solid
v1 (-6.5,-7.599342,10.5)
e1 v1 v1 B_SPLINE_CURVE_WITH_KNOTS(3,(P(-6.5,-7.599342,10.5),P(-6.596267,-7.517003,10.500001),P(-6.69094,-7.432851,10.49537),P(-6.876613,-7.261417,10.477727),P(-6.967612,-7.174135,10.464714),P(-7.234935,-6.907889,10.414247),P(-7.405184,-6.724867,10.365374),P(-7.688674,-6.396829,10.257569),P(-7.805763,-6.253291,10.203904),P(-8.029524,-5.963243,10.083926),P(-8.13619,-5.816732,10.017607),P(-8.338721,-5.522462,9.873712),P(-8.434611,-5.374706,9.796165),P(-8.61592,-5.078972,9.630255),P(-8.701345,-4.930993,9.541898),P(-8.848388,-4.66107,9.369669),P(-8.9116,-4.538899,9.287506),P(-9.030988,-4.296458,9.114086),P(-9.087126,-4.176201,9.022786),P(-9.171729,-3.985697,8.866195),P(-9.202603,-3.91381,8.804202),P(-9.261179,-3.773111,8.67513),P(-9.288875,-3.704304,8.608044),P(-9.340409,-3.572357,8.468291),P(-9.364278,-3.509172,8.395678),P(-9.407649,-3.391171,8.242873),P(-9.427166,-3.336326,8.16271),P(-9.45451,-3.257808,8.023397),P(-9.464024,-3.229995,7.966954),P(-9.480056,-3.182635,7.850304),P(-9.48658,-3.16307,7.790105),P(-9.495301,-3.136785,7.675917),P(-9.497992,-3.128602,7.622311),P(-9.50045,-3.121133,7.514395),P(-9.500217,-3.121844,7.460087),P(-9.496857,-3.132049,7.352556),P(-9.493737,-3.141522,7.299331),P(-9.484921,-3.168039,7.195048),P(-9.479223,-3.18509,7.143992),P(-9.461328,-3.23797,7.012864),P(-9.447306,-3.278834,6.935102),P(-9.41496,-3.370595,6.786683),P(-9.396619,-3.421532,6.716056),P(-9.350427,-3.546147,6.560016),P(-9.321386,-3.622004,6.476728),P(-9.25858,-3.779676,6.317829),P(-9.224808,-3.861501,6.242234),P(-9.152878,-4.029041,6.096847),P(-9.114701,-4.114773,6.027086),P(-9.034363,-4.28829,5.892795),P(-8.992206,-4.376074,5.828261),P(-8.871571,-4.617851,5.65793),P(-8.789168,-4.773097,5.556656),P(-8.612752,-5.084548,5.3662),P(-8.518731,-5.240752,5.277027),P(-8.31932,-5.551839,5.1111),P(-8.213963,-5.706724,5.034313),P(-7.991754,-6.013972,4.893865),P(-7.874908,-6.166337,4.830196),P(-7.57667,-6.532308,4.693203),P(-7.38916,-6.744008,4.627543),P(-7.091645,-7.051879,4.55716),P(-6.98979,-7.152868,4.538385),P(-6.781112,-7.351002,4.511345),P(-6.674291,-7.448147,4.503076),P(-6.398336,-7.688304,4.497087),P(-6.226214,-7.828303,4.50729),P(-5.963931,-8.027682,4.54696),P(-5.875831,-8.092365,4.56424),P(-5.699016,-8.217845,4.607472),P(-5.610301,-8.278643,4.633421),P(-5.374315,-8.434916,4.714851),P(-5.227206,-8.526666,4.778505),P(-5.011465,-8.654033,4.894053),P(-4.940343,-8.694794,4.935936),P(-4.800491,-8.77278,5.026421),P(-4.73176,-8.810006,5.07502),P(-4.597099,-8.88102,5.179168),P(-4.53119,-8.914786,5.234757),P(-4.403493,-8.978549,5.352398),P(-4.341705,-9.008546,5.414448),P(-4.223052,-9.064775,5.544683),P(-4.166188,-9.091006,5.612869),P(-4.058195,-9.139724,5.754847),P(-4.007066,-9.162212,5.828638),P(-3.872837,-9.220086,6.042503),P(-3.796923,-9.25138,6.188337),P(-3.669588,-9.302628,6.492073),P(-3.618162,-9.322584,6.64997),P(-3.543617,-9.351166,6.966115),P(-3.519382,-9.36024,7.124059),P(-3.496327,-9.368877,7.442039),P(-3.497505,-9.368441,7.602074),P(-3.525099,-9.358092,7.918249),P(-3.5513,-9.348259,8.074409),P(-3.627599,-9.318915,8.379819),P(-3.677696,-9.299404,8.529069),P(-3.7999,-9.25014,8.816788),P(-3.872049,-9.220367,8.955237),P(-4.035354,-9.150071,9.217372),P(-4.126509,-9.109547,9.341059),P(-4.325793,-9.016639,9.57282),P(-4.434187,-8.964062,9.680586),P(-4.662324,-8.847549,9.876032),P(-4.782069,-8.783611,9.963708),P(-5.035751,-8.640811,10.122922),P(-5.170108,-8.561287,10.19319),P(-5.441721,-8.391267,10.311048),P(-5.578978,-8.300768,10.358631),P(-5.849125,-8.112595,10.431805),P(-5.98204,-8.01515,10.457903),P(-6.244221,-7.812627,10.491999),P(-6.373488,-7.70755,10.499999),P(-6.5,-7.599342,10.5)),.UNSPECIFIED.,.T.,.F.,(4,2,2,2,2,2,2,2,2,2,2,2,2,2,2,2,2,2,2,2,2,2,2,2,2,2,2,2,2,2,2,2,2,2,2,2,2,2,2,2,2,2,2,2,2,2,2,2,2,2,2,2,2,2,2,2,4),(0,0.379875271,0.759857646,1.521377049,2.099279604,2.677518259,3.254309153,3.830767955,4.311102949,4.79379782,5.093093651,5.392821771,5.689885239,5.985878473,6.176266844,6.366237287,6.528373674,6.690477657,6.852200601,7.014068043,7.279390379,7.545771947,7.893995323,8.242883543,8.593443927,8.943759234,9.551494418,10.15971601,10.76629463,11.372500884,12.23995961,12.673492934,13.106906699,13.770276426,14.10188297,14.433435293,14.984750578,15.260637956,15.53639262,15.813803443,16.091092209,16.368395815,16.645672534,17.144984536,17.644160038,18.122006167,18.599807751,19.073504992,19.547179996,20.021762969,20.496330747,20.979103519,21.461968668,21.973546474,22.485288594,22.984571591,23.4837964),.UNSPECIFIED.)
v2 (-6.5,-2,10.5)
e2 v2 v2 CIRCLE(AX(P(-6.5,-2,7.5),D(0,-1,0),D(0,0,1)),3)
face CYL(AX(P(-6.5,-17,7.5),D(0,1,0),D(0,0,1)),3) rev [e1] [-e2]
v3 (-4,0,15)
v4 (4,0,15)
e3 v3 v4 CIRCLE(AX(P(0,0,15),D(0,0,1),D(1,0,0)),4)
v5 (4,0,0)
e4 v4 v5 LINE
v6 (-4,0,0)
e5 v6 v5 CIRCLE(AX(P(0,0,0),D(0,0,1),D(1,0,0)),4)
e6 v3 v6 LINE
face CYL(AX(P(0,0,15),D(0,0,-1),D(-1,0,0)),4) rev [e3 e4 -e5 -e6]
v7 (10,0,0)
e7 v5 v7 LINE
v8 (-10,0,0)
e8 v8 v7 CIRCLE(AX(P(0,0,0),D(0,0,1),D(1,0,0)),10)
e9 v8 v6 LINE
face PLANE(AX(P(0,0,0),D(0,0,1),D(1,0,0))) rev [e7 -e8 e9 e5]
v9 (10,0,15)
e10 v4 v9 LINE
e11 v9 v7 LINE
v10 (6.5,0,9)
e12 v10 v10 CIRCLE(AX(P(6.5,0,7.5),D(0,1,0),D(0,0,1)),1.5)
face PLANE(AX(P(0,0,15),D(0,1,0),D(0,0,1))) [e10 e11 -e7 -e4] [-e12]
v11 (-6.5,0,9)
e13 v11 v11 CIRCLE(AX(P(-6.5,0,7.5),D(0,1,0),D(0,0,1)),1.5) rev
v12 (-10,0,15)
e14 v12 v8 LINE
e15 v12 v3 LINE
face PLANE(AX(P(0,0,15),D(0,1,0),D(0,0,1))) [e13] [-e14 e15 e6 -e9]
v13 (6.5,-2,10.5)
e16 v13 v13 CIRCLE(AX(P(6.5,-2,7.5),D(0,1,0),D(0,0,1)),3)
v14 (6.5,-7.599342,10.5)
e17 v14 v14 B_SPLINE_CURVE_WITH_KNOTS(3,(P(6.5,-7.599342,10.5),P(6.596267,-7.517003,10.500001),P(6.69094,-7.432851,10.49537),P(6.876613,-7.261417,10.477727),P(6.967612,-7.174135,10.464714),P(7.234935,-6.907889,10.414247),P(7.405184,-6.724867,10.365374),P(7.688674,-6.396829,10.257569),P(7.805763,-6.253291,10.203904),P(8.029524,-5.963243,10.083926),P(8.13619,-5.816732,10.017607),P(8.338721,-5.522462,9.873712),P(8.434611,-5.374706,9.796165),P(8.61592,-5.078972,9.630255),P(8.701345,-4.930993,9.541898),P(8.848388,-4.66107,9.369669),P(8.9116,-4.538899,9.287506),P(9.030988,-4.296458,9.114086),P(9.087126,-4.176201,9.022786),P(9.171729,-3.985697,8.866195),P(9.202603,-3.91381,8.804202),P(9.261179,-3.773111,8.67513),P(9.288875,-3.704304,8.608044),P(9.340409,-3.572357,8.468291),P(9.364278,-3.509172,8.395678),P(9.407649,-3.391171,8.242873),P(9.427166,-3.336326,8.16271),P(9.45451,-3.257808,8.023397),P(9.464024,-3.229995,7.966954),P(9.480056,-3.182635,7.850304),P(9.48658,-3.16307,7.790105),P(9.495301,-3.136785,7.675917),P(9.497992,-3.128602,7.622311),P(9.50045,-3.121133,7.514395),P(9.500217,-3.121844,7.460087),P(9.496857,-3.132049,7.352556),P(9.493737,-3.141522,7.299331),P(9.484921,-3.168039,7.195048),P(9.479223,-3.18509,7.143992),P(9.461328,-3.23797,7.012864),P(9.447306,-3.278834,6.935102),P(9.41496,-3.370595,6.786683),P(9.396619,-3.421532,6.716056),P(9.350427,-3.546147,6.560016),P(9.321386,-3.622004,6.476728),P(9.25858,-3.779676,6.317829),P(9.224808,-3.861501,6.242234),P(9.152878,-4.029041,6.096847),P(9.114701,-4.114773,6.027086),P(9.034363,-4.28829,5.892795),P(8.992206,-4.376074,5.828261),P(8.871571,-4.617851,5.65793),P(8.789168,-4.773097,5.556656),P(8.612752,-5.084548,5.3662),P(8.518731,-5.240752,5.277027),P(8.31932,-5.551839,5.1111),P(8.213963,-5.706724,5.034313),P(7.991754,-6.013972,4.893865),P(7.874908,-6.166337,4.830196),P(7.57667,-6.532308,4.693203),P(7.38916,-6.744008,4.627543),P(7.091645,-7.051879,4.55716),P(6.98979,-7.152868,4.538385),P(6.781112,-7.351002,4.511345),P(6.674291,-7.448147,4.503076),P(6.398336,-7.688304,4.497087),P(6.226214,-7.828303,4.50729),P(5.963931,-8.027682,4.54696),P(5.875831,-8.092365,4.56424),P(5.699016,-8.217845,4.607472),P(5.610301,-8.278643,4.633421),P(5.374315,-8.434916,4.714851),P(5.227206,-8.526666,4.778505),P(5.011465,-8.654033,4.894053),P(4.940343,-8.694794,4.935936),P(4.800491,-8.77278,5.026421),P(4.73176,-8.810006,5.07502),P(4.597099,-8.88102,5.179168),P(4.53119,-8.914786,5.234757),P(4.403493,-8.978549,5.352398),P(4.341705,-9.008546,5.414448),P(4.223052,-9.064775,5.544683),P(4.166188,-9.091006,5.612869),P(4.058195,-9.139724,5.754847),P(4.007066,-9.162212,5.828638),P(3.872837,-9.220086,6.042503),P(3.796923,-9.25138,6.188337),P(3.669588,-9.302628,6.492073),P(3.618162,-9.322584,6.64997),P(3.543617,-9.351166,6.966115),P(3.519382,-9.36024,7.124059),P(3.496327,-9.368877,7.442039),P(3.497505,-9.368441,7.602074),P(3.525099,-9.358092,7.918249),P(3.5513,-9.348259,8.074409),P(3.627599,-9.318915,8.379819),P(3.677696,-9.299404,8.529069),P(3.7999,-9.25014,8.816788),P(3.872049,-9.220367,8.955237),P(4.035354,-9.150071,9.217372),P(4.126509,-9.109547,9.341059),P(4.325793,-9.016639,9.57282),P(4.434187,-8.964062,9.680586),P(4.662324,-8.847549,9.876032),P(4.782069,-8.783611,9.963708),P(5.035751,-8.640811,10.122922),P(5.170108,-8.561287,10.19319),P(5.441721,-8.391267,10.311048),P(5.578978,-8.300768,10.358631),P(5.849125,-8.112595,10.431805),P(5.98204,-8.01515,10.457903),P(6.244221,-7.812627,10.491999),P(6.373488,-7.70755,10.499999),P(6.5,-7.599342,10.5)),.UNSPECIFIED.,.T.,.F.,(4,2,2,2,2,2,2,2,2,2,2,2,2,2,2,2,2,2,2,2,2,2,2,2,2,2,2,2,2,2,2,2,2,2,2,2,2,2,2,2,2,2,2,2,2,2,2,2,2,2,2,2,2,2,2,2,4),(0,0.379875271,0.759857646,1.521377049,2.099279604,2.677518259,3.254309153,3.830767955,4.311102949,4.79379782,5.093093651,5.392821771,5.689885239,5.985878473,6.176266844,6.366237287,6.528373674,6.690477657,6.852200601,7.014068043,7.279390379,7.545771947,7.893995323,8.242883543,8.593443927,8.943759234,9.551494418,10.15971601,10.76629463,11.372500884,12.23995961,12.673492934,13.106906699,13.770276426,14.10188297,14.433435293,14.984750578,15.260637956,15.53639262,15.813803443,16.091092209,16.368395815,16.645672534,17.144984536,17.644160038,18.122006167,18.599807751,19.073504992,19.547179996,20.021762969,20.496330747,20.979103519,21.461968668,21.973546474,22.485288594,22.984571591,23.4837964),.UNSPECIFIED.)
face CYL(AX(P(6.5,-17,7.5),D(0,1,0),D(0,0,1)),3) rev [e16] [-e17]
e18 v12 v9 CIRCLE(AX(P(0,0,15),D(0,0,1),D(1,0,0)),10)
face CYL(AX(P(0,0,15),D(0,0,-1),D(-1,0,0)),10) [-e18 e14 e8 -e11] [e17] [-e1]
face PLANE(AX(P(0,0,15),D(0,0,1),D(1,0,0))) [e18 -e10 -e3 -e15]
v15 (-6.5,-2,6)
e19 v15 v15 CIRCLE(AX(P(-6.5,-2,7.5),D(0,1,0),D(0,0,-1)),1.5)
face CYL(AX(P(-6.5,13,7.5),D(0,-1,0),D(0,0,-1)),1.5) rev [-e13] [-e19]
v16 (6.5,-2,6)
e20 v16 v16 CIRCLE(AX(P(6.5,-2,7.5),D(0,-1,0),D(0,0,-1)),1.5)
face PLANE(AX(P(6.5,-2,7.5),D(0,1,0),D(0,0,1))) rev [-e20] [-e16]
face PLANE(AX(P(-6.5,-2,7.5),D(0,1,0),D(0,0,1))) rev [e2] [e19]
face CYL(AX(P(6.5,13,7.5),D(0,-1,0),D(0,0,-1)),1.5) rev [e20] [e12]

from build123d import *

# Parameters (mm, degrees)
BOSS_EXTRUDE1_DEPTH = 15
SKETCH2_R           = 3
CUT_EXTRUDE1_DEPTH  = 15
SKETCH3_R           = 1.5
CUT_EXTRUDE2_DEPTH  = 15


with BuildPart() as part:
    # Sketch1 → Boss-Extrude1 (new body)
    with BuildSketch(Plane.XY):
        with BuildLine():
            Line((10, 0), (4, 0))
            ThreePointArc((4, 0), (0, -4), (-4, 0))
            Line((-4, 0), (-10, 0))
            ThreePointArc((-10, 0), (0, -10), (10, 0))
        make_face()
    extrude(amount=BOSS_EXTRUDE1_DEPTH)

    # Sketch2 → Cut-Extrude1 (cut)
    with BuildSketch(Plane(origin=(0, -2, 0), x_dir=(1, 0, 0), z_dir=(0, 1, 0))):
        with Locations(Location((6.5, -7.5, 0), (0, 0, 270))):
            Circle(SKETCH2_R)
    cut_extrude1 = extrude(amount=-CUT_EXTRUDE1_DEPTH, mode=Mode.SUBTRACT)

    # Sketch3 → Cut-Extrude2 (cut)
    with BuildSketch(Plane.XZ.offset(2)):
        with Locations(Location((6.5, 7.5, 0), (0, 0, 270))):
            Circle(SKETCH3_R)
    cut_extrude2 = extrude(amount=-CUT_EXTRUDE2_DEPTH, mode=Mode.SUBTRACT)

    # Mirror1: Cut-Extrude1, Cut-Extrude2 across plane
    add(cut_extrude1.mirror(Plane(origin=(0, 0, 0), x_dir=(0, 0, 1), z_dir=(1, 0, 0))), mode=Mode.SUBTRACT)
    add(cut_extrude2.mirror(Plane(origin=(0, 0, 0), x_dir=(0, 0, 1), z_dir=(1, 0, 0))), mode=Mode.SUBTRACT)


solid = part.part
